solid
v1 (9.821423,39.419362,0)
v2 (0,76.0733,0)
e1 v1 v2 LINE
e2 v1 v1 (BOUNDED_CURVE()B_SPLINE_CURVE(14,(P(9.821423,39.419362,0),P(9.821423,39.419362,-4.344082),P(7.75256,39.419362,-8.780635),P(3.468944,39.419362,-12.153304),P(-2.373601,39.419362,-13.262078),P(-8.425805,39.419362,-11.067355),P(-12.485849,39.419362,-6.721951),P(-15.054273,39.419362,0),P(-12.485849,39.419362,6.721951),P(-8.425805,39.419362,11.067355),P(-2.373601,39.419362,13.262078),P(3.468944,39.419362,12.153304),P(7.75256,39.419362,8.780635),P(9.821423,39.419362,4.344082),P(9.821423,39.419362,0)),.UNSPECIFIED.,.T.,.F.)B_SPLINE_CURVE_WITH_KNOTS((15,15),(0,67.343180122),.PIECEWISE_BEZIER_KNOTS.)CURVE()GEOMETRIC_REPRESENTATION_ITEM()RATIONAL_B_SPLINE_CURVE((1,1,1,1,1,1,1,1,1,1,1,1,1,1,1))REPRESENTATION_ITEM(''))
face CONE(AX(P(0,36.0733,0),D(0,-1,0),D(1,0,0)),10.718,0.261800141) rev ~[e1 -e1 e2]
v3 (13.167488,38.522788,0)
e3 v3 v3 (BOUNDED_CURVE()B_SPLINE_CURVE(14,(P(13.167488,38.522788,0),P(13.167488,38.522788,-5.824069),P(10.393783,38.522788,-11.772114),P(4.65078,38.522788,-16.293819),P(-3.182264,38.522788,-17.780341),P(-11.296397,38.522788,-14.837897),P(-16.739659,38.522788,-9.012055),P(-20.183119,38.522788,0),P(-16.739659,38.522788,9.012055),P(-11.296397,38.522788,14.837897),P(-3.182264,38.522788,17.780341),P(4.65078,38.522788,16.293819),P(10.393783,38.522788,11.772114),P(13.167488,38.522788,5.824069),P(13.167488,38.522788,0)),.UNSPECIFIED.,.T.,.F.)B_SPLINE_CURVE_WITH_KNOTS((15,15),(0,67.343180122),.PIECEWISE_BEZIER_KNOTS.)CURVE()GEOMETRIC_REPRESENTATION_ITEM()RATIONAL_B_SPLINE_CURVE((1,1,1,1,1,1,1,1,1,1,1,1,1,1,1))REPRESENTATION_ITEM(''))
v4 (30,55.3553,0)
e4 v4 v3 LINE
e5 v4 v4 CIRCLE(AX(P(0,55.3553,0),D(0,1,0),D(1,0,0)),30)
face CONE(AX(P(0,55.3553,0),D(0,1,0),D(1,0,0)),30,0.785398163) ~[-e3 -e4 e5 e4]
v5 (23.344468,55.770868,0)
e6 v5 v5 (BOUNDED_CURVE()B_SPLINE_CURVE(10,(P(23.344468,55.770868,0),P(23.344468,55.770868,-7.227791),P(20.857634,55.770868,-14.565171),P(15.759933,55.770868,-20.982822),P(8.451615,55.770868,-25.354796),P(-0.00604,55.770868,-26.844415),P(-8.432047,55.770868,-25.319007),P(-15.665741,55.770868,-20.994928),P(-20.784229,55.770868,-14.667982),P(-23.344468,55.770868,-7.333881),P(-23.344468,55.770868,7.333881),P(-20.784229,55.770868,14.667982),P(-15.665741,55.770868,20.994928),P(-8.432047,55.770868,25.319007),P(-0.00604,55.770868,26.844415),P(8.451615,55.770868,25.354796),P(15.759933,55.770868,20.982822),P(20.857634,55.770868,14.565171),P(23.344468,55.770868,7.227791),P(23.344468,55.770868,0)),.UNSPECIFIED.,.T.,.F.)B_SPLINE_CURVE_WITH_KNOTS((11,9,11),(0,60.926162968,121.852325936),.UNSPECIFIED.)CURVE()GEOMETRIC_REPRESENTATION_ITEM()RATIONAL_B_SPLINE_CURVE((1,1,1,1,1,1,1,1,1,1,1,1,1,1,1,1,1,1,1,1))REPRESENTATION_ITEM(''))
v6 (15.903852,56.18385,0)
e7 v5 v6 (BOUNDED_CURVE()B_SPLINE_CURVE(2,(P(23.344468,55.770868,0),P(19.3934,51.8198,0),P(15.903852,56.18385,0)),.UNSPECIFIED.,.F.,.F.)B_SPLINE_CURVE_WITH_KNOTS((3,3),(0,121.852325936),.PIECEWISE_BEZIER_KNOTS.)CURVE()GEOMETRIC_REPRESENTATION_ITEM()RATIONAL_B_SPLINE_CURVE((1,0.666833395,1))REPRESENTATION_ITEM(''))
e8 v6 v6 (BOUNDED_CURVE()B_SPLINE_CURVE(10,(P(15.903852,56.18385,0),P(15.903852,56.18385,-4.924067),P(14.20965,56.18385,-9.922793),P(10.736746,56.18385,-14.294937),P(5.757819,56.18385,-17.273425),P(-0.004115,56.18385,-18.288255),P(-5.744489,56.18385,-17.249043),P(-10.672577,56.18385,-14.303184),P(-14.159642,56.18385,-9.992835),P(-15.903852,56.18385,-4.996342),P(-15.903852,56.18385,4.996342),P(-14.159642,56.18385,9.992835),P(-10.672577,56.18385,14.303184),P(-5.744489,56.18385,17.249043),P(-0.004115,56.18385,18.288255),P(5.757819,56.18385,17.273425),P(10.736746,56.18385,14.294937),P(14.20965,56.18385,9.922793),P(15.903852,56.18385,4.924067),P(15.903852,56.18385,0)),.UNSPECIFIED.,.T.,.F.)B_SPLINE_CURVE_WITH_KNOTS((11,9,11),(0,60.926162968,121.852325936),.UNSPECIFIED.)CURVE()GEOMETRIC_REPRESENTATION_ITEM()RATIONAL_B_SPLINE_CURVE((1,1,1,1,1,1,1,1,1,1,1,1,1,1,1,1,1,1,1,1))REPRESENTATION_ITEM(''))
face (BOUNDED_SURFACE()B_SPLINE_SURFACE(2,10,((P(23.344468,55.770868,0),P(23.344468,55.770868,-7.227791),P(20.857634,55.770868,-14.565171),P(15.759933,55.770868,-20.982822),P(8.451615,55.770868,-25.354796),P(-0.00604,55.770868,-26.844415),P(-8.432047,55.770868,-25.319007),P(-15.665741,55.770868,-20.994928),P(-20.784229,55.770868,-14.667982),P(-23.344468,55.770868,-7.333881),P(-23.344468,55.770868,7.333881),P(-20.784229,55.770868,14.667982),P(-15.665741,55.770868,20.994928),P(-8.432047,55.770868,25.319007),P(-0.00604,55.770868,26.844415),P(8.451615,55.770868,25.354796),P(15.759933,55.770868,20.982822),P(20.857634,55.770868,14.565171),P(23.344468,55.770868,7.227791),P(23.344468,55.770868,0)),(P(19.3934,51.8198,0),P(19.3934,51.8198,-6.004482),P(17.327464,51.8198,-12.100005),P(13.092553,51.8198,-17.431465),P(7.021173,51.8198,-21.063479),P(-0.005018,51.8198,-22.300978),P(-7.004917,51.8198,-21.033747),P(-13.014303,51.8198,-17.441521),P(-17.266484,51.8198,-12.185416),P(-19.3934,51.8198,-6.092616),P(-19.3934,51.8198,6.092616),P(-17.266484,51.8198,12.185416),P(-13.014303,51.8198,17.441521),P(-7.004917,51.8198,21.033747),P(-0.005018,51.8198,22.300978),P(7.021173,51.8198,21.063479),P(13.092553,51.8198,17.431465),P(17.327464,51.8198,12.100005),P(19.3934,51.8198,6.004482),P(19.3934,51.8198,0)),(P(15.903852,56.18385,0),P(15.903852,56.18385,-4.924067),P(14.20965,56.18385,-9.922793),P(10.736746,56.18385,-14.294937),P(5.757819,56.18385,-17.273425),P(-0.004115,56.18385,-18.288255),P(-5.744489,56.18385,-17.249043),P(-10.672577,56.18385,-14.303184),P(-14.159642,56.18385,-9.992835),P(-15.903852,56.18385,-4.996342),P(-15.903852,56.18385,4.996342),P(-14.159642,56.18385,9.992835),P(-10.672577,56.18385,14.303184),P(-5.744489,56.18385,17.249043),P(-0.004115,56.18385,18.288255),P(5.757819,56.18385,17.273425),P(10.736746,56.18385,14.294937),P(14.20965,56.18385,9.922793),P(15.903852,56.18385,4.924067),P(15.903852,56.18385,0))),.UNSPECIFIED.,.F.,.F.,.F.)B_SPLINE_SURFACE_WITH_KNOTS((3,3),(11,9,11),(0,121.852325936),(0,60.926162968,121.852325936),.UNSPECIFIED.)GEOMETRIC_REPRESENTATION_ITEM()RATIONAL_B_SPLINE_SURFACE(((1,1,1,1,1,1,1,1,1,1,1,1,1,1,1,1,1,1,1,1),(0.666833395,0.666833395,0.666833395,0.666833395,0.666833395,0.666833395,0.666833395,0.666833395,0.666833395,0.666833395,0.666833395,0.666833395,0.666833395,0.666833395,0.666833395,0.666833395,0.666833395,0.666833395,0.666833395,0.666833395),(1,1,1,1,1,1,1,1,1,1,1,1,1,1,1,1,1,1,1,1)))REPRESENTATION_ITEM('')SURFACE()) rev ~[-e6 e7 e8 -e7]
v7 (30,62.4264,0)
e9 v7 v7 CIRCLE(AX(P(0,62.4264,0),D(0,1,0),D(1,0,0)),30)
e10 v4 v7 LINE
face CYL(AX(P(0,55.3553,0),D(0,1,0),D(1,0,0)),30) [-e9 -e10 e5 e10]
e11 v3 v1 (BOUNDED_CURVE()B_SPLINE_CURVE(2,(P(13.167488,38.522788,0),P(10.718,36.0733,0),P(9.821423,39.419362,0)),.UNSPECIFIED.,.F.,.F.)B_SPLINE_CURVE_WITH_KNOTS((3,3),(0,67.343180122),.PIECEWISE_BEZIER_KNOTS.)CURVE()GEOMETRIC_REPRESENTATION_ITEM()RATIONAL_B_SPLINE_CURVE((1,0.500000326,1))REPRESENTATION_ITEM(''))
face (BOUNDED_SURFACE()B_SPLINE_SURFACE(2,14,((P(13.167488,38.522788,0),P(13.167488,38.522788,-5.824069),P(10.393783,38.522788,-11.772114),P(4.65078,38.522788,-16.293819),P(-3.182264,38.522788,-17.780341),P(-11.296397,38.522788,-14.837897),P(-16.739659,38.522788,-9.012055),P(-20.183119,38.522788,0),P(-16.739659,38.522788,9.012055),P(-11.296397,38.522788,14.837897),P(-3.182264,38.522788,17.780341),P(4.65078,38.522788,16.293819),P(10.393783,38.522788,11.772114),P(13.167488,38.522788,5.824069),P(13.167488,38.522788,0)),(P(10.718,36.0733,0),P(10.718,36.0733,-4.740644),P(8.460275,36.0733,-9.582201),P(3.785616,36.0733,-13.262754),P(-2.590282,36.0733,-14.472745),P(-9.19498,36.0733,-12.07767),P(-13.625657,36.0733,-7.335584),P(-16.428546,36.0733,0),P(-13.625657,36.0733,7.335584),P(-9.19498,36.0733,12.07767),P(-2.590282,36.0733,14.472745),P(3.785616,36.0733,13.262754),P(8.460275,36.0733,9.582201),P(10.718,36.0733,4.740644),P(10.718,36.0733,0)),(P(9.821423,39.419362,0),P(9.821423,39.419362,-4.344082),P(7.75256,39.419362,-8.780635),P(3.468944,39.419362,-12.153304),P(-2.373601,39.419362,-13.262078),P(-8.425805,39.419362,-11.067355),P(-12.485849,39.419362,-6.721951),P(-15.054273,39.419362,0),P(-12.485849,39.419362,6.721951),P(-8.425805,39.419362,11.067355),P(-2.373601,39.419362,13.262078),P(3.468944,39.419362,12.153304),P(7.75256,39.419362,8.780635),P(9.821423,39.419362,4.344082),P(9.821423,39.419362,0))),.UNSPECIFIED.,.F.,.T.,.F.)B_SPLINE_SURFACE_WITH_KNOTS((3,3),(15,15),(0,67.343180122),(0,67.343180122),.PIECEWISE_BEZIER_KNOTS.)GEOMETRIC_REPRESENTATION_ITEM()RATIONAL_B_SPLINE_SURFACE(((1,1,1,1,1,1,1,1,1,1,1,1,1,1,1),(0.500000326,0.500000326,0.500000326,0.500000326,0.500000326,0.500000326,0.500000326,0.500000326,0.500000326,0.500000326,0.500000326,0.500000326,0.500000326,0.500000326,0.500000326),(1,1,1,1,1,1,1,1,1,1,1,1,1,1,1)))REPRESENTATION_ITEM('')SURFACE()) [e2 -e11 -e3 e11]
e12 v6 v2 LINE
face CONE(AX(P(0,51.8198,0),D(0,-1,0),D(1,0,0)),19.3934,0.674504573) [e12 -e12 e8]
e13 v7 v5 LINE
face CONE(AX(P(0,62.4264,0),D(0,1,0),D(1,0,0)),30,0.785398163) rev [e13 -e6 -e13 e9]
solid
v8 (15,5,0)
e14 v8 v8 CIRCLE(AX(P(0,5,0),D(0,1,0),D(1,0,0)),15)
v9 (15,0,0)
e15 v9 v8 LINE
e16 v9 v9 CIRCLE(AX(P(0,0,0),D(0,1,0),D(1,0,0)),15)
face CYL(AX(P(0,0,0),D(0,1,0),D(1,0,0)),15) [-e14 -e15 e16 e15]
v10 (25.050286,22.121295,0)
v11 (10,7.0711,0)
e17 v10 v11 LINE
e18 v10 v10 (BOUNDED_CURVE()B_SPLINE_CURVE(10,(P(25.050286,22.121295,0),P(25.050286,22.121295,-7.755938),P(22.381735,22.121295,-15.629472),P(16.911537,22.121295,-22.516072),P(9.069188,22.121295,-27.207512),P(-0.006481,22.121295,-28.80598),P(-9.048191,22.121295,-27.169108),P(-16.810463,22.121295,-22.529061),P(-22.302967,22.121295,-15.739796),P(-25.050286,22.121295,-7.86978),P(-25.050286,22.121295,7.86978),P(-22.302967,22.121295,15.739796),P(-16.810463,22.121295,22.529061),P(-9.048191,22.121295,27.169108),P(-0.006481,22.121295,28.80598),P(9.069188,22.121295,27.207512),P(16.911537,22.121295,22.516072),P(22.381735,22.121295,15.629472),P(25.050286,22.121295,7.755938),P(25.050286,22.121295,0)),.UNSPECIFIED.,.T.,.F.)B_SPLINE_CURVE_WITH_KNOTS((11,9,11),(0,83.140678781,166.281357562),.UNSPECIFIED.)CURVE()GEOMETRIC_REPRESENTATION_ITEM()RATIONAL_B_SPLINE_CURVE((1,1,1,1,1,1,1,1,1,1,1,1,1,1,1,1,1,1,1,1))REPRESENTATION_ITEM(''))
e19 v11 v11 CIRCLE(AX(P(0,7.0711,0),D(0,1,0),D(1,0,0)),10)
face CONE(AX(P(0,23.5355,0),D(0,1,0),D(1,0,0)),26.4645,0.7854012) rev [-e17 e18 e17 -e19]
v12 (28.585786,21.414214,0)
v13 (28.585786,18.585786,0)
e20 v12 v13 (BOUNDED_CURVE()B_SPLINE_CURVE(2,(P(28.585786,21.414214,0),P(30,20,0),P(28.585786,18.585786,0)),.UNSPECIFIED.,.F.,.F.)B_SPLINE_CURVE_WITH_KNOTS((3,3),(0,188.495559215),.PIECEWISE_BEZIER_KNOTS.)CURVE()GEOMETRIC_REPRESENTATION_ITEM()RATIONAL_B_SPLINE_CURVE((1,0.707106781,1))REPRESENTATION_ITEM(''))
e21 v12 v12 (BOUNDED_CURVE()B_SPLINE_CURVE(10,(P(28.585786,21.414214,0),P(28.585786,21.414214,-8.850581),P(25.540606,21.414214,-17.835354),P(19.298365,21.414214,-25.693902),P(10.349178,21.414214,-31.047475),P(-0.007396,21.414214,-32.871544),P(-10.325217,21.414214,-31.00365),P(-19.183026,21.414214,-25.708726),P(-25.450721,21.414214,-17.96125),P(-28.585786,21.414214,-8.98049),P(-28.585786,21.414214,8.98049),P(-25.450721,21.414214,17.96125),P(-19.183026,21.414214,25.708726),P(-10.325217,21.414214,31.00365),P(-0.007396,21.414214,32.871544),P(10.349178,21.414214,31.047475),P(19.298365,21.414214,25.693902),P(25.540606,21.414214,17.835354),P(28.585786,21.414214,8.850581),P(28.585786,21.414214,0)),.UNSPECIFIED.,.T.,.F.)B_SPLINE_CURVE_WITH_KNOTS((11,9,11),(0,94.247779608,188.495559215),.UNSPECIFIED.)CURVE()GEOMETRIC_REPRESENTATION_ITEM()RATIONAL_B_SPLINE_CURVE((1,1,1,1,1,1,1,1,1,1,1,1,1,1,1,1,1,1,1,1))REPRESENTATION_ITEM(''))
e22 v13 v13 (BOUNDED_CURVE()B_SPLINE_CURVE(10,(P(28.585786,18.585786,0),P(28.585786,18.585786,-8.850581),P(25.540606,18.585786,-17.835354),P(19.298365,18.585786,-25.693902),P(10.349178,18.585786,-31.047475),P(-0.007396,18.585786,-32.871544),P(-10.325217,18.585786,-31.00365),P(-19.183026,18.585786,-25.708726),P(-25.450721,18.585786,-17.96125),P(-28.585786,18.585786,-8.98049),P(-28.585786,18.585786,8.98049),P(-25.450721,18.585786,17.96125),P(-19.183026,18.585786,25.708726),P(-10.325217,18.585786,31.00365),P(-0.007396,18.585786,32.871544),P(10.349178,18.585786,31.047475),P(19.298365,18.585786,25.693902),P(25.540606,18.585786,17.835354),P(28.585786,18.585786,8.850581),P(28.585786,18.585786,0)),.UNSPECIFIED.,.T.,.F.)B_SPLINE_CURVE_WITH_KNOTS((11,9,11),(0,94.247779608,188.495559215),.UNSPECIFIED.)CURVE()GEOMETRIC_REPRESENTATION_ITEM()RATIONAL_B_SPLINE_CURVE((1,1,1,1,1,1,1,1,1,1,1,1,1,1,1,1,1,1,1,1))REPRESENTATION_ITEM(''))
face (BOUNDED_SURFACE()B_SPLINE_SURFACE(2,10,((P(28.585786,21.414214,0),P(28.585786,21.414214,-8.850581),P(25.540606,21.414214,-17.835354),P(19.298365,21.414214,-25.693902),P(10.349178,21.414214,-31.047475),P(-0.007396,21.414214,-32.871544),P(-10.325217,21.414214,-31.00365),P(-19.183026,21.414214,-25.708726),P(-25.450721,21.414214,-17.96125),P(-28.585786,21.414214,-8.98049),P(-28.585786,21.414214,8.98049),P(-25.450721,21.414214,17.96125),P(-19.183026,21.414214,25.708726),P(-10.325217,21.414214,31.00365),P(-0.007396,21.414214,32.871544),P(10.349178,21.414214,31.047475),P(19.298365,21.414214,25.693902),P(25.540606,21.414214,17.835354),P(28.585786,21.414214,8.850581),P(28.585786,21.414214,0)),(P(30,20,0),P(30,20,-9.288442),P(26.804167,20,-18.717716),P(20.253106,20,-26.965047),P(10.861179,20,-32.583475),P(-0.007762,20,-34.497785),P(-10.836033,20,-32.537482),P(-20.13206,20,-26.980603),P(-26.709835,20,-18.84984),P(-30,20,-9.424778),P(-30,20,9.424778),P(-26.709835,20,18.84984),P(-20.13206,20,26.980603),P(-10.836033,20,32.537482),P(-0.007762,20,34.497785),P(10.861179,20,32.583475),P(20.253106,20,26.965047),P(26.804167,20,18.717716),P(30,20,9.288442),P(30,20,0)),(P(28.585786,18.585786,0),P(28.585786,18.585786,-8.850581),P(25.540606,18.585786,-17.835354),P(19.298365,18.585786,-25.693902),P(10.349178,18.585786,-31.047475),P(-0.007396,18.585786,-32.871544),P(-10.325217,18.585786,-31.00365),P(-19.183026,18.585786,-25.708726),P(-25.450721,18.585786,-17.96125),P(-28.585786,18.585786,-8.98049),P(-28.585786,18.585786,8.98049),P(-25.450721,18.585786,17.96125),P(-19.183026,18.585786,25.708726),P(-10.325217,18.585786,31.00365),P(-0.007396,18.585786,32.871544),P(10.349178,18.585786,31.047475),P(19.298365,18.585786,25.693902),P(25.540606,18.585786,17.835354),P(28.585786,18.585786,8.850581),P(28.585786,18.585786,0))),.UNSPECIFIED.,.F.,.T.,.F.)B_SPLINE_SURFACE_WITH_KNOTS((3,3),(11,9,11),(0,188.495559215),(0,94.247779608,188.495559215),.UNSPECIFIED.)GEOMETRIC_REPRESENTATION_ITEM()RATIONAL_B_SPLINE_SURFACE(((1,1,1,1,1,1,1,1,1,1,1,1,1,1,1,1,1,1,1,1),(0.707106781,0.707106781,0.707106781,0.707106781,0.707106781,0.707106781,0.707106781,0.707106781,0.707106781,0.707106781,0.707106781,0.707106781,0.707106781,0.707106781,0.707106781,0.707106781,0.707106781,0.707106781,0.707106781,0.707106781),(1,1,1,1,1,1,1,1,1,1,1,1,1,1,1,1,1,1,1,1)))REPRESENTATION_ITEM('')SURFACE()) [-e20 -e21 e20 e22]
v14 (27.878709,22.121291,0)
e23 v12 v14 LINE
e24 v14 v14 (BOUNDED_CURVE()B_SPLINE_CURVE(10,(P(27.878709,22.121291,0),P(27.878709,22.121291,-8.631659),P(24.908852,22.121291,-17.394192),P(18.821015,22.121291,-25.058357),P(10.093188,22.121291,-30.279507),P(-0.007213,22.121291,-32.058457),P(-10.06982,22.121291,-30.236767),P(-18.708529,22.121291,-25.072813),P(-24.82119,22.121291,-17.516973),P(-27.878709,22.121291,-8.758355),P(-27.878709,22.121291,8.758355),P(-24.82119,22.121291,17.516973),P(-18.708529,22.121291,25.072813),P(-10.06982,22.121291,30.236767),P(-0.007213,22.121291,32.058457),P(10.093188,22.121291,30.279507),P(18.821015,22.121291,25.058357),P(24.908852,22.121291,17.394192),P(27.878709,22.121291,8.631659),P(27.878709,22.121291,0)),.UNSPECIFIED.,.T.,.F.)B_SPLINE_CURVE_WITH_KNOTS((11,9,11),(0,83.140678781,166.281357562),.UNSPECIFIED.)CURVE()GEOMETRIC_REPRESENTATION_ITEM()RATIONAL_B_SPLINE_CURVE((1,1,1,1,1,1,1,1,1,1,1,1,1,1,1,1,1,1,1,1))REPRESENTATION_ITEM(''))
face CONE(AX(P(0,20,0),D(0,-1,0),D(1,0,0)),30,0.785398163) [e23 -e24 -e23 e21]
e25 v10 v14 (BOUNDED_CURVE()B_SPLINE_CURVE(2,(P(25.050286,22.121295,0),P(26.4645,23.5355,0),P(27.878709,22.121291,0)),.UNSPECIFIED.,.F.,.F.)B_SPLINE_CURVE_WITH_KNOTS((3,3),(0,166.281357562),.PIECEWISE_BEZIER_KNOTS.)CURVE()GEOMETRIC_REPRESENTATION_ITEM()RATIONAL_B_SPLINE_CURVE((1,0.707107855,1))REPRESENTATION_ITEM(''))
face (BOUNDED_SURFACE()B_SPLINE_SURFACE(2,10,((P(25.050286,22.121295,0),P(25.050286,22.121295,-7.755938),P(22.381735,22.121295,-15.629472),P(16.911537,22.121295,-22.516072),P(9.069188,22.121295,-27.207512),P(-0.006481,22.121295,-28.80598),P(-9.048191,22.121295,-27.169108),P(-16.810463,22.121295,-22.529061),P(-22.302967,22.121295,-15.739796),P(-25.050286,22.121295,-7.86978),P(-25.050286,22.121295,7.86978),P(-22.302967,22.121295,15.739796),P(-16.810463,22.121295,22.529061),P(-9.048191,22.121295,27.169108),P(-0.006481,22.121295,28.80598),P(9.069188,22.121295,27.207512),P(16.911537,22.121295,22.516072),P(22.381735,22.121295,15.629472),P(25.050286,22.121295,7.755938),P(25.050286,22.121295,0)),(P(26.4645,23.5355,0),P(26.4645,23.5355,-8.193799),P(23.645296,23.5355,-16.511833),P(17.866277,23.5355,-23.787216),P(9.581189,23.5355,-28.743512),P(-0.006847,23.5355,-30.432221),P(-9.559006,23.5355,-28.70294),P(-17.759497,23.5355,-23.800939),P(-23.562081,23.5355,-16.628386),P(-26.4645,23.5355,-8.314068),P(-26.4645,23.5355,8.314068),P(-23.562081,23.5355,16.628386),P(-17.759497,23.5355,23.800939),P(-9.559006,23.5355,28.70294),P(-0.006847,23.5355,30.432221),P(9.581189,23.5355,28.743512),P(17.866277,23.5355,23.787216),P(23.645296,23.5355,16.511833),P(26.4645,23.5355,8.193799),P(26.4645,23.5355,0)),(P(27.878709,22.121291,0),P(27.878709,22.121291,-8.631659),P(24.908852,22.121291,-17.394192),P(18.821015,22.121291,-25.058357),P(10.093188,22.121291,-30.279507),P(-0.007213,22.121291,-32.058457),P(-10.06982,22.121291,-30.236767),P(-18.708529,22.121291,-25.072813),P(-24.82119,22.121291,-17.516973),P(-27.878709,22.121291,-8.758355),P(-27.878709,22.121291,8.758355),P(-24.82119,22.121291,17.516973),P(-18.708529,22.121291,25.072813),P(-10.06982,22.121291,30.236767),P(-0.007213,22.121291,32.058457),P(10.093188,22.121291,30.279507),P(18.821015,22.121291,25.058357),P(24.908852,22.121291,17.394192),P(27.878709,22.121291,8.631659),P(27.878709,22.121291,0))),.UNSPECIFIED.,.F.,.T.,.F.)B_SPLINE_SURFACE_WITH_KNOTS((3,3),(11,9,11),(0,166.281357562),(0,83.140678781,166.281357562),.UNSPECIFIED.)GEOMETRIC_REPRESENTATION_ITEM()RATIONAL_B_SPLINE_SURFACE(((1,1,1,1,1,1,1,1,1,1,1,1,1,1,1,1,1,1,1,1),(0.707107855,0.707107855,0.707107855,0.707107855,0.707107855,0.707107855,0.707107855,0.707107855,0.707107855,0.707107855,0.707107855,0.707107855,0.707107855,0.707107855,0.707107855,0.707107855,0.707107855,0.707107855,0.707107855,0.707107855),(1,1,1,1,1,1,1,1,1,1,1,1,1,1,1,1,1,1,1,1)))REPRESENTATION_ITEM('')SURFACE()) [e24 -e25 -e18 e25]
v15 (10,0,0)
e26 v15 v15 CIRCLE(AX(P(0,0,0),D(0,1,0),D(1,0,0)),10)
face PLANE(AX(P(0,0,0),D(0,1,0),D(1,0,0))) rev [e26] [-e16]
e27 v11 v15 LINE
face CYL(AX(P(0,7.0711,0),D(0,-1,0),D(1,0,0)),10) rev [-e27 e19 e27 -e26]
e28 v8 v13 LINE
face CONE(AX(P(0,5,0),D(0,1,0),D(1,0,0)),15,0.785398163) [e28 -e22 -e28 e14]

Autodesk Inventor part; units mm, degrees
ref_plane "YZ Plane" through (0, 0, 0) normal (1, 0, 0) x (0, 1, 0)
ref_plane "XZ Plane" through (0, 0, 0) normal (0, 1, 0) x (-1, 0, 0)
ref_plane "XY Plane" through (0, 0, 0) normal (0, 0, 1) x (1, 0, 0)
sketch "Sketch1" plane through (0, 0, 0) normal (0, 0, 1) x (1, 0, 0)
  line L0 (10, 0) -> (15, 0)
  line L1 (15, 0) -> (15, 5)
  line L2 (15, 5) -> (30, 20)
  line L3 (30, 20) -> (26.4645, 23.5355)
  line L4 (26.4645, 23.5355) -> (10, 7.0711)
  line L5 (10, 7.0711) -> (10, 0)
  line L6 (30, 55.3553) -> (10.718, 36.0733)
  line L7 (10.718, 36.0733) -> (0, 76.0733)
  line L8 (0, 0) -> (0, 76.0733)
  line L9 (30, 55.3553) -> (30, 62.4264)
  line L10 (30, 62.4264) -> (19.3934, 51.8198)
  line L11 (19.3934, 51.8198) -> (0, 76.0733)
  dimension "d0" = 45
  dimension "d1" = 20
  dimension "d2" = 5
  dimension "d3" = 5
  dimension "d4" = 5
  dimension "d5" = 15
  dimension "d7" = 20
  dimension "d8" = 60
  dimension "d9" = 5
  dimension "d10" = 15
  dimension "d14" = 40
revolve "Revolution1" add sketch "Sketch1" angle 360 about axis through (0, 0, 0) along (0, 1, 0)
fillet "Fillet1" radius 2 3 edges at (-30, 20, 0) (-26.4645, 23.5355, 0) (-10.718, 36.0733, 0)
fillet "Fillet2" radius 5 1 edges at (-19.3934, 51.8198, 0)
equation "\"d4\" = d2"
equation "\"d7\" = d1"
equation "\"d9\" = d2"
properties part number "player"
